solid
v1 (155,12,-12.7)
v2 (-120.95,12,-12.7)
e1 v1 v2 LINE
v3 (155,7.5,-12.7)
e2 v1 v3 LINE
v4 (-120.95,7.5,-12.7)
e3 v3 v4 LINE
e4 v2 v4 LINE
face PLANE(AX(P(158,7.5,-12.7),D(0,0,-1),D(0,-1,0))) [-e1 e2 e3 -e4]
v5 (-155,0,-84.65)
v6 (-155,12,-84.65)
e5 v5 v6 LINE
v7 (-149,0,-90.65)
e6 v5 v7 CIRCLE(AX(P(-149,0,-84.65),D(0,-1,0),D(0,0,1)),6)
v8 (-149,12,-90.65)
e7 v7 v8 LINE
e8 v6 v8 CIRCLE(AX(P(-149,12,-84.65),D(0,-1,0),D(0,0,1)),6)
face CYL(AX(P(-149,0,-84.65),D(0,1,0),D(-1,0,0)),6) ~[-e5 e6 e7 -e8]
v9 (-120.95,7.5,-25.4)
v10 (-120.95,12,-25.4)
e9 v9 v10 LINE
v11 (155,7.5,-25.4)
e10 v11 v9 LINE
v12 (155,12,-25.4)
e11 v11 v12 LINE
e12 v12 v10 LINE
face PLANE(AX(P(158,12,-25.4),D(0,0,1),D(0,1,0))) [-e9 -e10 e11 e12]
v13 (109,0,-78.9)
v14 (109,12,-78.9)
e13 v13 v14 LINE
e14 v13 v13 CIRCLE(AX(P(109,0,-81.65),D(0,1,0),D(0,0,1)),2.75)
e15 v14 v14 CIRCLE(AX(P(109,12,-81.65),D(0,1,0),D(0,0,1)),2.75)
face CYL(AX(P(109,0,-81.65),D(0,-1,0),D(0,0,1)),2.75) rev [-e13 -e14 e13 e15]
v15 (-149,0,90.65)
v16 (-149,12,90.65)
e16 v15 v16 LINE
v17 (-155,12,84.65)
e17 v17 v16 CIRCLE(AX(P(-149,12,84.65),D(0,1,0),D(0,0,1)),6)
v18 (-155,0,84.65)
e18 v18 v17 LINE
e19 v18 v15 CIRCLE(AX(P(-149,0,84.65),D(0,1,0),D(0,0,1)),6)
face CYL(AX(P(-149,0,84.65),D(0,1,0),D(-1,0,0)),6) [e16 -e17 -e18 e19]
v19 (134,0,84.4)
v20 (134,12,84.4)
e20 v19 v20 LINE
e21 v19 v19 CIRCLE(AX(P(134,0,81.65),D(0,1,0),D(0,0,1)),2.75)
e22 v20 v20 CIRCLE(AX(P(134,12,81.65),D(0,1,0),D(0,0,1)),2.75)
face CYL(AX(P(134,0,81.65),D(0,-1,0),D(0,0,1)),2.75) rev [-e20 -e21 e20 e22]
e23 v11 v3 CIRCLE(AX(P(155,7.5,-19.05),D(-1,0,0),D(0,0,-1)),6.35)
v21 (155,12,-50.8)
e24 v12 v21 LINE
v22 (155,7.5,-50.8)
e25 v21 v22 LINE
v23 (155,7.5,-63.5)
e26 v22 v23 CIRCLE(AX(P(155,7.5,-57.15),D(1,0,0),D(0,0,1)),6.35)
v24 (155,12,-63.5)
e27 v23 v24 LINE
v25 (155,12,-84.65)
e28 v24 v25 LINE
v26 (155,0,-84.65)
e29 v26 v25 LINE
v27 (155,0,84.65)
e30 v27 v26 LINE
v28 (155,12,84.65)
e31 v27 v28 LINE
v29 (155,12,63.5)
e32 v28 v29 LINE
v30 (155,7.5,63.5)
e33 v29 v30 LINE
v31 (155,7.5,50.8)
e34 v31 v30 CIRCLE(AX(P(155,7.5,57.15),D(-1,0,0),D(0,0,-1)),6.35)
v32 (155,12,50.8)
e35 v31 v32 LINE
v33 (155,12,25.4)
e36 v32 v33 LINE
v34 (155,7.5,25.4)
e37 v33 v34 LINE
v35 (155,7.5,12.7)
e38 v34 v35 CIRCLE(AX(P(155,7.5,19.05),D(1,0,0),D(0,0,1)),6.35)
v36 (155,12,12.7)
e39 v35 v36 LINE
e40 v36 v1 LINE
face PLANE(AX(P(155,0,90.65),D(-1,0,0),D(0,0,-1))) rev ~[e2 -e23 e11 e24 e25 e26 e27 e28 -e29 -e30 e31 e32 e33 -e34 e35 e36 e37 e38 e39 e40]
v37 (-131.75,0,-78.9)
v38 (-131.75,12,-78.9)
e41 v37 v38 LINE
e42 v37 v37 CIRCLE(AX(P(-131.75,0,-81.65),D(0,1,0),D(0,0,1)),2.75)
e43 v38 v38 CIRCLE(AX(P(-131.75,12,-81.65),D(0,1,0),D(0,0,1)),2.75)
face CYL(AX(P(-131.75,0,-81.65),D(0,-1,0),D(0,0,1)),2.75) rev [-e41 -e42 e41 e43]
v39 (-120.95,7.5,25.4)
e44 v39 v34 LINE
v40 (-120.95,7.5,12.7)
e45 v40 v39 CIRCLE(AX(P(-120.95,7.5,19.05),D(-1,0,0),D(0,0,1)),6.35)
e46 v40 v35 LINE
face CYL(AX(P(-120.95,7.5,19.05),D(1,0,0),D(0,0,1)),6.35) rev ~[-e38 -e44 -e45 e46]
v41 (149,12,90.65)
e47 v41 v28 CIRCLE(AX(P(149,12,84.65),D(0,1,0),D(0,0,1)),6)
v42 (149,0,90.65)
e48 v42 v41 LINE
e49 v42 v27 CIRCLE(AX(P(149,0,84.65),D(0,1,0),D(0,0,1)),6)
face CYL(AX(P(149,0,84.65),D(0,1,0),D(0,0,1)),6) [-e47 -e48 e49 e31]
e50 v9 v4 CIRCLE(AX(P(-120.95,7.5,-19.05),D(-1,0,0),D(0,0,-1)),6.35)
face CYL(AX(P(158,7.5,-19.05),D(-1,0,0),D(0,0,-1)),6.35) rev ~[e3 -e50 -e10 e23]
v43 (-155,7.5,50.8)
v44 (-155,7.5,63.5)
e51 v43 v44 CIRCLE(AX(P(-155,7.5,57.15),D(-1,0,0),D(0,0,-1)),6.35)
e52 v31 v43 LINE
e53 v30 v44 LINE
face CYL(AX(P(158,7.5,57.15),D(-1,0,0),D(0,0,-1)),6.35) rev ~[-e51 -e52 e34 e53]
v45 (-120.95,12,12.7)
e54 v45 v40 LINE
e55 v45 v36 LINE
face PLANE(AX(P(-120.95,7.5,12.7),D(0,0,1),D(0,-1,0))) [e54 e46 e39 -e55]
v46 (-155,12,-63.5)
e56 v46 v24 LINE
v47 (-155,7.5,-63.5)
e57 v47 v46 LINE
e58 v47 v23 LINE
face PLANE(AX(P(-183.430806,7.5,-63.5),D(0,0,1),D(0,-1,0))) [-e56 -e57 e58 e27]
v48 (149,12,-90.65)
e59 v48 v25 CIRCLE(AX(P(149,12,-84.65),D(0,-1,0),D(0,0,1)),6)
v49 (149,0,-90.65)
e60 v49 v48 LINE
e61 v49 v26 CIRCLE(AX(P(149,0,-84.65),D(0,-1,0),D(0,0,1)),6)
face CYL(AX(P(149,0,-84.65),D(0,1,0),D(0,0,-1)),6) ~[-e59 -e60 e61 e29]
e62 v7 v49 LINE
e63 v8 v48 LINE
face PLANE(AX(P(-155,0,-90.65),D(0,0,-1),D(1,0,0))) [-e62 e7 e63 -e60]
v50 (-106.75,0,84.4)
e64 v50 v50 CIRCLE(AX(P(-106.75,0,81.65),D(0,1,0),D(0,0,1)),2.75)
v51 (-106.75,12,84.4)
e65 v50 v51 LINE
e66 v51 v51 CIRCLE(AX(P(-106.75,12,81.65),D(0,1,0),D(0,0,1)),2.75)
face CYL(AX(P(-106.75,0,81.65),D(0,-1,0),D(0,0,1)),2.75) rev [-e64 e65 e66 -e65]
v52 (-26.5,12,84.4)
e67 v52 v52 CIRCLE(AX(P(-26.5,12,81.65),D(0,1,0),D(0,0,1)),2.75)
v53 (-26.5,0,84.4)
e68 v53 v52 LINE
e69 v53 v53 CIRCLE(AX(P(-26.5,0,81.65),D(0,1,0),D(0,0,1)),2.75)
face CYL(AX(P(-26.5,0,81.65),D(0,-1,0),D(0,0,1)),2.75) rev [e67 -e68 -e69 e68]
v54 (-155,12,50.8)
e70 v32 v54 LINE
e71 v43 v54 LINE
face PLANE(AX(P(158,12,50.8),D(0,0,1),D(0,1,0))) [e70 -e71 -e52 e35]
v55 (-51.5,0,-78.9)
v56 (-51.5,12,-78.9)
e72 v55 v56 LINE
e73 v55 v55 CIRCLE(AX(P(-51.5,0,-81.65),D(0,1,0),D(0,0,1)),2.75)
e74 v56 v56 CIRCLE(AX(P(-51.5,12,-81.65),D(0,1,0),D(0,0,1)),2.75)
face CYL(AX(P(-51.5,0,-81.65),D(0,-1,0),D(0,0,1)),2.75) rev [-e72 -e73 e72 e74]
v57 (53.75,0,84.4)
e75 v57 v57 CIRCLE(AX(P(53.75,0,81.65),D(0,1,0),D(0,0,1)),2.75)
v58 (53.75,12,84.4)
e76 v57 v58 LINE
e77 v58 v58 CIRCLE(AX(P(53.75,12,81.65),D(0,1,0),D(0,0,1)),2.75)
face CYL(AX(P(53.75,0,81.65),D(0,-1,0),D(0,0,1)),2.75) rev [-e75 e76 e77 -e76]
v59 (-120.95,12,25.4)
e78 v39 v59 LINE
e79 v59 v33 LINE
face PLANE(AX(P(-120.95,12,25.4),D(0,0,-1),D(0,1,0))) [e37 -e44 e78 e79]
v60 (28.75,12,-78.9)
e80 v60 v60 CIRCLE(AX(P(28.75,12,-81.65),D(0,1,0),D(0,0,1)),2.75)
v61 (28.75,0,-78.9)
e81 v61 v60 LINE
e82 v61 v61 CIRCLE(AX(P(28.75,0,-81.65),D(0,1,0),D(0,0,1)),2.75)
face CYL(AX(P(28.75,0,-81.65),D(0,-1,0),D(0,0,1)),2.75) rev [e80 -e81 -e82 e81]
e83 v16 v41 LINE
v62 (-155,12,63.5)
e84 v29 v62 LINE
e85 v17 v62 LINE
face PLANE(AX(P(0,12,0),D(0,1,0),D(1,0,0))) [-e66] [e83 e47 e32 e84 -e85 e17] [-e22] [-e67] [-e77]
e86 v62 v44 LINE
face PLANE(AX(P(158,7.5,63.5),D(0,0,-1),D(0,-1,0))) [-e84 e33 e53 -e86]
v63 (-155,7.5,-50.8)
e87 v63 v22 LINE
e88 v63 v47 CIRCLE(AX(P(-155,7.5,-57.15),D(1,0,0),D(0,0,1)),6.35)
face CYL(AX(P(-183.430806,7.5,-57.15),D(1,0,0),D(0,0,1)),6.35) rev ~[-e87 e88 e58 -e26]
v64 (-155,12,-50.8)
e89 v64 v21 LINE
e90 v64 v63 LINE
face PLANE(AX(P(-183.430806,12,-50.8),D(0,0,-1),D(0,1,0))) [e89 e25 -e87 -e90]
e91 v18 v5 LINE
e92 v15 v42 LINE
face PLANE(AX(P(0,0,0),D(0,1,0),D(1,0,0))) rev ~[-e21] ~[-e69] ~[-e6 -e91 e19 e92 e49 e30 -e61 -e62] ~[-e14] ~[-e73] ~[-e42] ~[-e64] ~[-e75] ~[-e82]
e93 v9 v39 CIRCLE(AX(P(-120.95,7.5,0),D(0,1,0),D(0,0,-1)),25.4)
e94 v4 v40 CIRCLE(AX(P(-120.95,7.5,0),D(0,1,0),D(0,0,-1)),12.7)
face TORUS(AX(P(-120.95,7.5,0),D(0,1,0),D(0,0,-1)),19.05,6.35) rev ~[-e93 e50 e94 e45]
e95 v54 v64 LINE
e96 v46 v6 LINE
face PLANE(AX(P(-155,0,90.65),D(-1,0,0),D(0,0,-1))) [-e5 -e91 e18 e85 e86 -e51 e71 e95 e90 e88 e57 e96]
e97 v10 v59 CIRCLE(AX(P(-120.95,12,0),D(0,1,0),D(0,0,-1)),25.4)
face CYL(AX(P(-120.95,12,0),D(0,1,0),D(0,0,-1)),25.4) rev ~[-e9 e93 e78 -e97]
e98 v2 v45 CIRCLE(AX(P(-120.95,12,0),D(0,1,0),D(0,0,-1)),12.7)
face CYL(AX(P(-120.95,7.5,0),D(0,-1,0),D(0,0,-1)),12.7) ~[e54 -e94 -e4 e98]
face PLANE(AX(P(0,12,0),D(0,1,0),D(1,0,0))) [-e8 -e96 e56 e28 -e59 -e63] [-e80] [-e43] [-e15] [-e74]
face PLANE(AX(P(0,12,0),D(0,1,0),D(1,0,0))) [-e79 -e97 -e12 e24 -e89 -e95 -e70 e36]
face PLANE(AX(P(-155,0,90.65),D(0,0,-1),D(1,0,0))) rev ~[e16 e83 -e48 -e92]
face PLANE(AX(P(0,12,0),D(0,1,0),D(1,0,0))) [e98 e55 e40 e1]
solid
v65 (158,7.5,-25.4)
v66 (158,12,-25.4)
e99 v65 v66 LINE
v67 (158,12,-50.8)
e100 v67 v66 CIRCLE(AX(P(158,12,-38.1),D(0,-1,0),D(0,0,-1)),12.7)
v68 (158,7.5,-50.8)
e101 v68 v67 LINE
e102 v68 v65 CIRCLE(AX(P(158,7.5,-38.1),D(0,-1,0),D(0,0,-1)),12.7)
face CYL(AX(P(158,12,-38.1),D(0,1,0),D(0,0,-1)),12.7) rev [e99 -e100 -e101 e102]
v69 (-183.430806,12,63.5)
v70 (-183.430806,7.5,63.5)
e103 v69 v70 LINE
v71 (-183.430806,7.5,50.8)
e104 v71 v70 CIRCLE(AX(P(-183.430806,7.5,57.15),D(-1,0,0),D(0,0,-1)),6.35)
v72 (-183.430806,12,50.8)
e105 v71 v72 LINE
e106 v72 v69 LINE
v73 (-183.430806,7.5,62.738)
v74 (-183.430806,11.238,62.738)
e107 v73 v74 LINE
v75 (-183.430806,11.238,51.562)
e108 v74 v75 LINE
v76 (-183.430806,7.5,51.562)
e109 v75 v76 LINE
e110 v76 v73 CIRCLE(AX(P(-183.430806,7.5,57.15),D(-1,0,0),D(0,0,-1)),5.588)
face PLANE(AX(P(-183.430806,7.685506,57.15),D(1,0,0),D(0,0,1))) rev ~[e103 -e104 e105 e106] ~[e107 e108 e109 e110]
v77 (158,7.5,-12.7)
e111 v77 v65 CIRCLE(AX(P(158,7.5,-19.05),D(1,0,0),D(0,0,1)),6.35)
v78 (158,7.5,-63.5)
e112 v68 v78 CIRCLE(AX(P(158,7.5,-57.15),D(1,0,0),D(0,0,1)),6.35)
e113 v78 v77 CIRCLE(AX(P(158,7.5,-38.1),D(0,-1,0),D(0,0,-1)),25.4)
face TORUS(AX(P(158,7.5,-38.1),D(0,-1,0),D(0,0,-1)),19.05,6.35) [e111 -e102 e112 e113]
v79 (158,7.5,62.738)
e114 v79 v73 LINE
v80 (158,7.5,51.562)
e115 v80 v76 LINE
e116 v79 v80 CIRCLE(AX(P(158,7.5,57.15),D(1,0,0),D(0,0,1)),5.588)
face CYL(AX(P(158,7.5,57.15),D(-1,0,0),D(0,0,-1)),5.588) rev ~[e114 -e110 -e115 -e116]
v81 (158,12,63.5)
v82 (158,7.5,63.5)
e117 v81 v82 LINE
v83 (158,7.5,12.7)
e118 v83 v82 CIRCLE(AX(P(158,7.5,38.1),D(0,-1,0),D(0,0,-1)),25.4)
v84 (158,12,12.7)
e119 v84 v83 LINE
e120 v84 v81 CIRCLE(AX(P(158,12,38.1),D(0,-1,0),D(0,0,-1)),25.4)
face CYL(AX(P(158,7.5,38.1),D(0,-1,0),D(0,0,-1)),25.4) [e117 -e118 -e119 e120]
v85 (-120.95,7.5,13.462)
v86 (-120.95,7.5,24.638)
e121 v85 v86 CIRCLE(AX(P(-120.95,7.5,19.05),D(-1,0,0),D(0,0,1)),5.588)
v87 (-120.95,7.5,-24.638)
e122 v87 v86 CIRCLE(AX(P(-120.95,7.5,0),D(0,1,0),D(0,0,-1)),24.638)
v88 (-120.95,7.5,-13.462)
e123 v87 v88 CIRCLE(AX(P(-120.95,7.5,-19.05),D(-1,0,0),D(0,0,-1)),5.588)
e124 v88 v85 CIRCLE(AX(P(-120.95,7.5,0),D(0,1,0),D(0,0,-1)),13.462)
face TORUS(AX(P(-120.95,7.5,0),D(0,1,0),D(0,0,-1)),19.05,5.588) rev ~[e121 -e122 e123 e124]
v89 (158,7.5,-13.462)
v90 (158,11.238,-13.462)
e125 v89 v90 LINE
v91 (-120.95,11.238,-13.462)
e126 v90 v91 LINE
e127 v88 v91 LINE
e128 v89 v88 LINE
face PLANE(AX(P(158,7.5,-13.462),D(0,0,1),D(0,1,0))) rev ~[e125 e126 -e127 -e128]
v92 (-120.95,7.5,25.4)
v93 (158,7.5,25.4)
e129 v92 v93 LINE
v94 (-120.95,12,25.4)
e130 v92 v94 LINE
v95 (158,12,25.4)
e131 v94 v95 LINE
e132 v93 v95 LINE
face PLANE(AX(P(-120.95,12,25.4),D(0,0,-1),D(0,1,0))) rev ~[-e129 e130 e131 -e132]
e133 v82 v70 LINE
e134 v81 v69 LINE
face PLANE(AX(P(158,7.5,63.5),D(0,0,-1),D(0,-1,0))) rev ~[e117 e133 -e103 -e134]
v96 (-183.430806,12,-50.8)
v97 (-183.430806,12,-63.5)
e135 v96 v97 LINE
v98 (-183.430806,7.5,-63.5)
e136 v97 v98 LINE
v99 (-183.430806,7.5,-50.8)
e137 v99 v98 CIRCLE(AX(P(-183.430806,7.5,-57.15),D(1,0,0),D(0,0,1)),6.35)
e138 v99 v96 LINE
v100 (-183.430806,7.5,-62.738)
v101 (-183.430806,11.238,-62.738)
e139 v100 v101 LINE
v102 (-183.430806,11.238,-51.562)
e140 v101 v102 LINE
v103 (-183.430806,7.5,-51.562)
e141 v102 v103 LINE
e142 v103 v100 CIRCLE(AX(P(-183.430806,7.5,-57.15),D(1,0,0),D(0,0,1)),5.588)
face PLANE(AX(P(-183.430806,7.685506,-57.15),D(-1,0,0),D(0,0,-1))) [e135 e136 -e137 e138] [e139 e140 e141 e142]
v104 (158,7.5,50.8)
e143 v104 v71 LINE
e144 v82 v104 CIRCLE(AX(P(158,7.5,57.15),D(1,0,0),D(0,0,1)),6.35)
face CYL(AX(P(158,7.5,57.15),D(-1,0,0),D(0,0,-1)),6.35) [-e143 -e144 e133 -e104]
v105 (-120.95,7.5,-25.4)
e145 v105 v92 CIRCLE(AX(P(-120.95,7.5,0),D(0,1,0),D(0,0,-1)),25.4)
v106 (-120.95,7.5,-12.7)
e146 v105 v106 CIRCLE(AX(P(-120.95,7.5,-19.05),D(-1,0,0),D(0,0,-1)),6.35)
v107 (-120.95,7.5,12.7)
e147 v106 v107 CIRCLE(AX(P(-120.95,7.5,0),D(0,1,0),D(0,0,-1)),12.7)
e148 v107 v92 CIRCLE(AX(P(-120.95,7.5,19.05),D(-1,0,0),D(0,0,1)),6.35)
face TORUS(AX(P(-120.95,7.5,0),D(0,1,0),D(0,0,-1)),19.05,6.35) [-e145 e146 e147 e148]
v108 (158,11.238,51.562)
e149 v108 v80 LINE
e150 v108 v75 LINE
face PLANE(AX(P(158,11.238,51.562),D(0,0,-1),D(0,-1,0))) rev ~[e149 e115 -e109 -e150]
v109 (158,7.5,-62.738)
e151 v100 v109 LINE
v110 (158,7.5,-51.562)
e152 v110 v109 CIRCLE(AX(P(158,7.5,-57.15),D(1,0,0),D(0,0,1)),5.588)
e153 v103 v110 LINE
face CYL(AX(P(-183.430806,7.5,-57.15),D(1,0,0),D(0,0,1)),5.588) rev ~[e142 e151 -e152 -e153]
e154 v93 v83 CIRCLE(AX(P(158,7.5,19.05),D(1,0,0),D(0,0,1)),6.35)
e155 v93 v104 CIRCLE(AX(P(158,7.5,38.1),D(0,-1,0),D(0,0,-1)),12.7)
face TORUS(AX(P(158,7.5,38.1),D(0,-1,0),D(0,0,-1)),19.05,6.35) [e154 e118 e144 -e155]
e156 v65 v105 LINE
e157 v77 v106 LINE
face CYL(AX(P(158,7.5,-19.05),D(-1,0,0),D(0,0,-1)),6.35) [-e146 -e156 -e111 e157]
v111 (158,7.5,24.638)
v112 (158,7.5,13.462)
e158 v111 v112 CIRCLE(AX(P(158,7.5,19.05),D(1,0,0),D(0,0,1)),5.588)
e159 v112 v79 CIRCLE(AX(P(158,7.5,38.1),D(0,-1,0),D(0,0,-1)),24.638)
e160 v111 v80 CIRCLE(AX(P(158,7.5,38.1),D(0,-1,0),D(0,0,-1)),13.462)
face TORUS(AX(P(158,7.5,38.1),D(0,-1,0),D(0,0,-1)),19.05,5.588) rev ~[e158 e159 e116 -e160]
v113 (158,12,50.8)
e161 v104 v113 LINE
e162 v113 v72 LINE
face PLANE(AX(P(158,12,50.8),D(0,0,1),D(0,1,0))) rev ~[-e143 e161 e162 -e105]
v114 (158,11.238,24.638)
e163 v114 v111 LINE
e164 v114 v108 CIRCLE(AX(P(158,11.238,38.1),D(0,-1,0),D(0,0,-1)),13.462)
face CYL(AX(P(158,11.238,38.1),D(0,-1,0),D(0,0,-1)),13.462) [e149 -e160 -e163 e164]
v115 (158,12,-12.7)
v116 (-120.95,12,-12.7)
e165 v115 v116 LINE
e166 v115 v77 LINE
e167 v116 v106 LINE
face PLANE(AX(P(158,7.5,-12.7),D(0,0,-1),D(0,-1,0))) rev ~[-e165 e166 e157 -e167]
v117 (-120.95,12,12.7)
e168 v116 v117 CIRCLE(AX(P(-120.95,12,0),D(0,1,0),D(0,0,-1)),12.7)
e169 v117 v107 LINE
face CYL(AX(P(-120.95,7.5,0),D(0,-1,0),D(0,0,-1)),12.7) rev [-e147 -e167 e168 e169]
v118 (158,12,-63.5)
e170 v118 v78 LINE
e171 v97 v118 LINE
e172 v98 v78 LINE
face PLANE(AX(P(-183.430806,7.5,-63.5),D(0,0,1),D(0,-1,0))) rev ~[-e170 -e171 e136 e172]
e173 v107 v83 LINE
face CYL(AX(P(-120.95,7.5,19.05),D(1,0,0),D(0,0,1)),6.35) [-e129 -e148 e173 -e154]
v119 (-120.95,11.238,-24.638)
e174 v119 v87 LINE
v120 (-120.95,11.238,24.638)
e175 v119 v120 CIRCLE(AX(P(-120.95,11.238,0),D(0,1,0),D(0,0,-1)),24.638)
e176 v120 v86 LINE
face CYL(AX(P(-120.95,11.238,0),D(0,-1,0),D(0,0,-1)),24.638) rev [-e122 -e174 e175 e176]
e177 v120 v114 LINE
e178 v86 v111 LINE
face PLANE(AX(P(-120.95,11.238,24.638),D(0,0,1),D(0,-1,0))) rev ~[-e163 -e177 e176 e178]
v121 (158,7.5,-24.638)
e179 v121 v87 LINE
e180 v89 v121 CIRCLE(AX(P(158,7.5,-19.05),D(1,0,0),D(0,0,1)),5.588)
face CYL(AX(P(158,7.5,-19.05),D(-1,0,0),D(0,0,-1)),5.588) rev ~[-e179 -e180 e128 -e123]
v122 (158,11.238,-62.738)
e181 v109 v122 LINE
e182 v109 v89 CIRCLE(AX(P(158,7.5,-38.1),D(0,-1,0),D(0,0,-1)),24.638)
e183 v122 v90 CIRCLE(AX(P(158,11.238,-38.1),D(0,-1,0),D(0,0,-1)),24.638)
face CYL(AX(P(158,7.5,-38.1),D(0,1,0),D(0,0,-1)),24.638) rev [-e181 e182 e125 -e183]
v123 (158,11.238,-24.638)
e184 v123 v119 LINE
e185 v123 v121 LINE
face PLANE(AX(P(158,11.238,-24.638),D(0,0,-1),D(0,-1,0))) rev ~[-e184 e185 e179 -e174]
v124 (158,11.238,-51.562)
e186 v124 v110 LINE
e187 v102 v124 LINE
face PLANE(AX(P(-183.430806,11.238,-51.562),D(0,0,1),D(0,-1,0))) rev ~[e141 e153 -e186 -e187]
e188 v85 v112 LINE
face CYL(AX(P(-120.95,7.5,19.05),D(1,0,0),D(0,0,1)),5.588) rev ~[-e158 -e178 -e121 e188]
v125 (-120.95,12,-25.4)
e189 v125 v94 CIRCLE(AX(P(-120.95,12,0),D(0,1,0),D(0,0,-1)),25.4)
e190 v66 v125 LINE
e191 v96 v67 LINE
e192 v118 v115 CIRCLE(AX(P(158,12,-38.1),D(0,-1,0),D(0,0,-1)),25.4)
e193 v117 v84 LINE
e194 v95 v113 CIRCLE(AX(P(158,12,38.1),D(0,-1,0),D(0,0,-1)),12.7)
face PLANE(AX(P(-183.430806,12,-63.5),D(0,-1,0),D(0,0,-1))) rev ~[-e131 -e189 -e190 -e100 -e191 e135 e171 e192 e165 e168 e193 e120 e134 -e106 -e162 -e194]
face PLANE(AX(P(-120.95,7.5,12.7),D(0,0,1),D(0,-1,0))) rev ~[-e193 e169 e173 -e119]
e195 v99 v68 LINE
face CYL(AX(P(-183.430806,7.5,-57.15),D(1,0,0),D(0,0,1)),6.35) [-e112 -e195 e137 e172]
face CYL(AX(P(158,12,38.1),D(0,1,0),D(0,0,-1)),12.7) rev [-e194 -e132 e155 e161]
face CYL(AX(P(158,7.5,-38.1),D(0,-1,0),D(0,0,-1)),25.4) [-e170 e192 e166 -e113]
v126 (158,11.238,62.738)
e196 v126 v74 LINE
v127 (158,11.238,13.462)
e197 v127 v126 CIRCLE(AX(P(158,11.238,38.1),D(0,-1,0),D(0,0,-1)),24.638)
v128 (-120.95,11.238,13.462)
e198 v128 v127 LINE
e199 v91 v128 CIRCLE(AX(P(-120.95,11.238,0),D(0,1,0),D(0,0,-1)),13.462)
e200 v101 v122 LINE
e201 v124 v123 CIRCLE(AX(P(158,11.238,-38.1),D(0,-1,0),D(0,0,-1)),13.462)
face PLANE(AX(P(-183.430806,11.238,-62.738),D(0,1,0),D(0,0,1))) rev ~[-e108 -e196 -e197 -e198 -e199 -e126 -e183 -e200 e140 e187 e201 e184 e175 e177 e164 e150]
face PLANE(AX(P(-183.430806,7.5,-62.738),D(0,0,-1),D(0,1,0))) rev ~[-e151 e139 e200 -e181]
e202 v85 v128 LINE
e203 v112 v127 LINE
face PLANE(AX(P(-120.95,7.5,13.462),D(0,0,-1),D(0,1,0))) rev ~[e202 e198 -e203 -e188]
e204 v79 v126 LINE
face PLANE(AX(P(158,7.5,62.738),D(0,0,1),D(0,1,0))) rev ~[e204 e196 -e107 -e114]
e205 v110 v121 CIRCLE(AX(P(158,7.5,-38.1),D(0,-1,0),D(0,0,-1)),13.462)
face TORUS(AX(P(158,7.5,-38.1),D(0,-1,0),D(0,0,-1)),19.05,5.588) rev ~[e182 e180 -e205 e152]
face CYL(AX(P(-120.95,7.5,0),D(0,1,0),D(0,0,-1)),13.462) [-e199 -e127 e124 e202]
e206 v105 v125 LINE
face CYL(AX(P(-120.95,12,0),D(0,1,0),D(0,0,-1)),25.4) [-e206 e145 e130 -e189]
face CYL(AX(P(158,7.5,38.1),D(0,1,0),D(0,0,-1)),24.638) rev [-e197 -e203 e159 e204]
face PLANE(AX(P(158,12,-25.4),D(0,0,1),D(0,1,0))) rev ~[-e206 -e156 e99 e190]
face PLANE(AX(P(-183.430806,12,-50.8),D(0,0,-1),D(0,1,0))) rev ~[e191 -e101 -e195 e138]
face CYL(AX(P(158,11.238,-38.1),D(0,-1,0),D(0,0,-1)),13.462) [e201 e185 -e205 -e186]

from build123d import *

# Parameters (mm, degrees)
SKETCH1_W           = 310
SKETCH1_H           = 181.3
SKETCH1_R           = 2.75
BOSS_EXTRUDE1_DEPTH = 12
FILLET1_R           = 6


with BuildPart() as part:
    # Sketch1 → Boss-Extrude1 (new body)
    with BuildSketch(Plane(origin=(0, 0, 0), x_dir=(1, 0, 0), z_dir=(0, 1, 0))):
        Rectangle(SKETCH1_W, SKETCH1_H)
        with Locations((-131.75, 81.65)):
            Circle(SKETCH1_R, mode=Mode.SUBTRACT)
        with Locations((-51.5, 81.65)):
            Circle(SKETCH1_R, mode=Mode.SUBTRACT)
        with Locations((28.75, 81.65)):
            Circle(SKETCH1_R, mode=Mode.SUBTRACT)
        with Locations((109, 81.65)):
            Circle(SKETCH1_R, mode=Mode.SUBTRACT)
        with Locations((-106.75, -81.65)):
            Circle(SKETCH1_R, mode=Mode.SUBTRACT)
        with Locations((-26.5, -81.65)):
            Circle(SKETCH1_R, mode=Mode.SUBTRACT)
        with Locations((53.75, -81.65)):
            Circle(SKETCH1_R, mode=Mode.SUBTRACT)
        with Locations((134, -81.65)):
            Circle(SKETCH1_R, mode=Mode.SUBTRACT)
    extrude(amount=BOSS_EXTRUDE1_DEPTH)

    # Fillet1
    fillet1_edges = [part.edges().sort_by_distance(p)[0] for p in [
        (155, 6, 90.65),
        (155, 6, -90.65),
        (-155, 6, -90.65),
        (-155, 6, 90.65),
    ]]
    fillet(fillet1_edges, radius=FILLET1_R)

    # Cut-Sweep1: sweep along a path in Sketch2
    with BuildLine(Plane(origin=(0, 12, 0), x_dir=(1, 0, 0), z_dir=(0, 1, 0))) as cut_sweep1_path:
        Line((-183.430806184, 57.15), (-155, 57.15))
        Line((-155, 57.15), (158, 57.15))
        ThreePointArc((158, 57.15), (177.05, 38.1), (158, 19.05))
        Line((158, 19.05), (-120.95, 19.05))
        ThreePointArc((-120.95, 19.05), (-140, 0), (-120.95, -19.05))
        Line((-120.95, -19.05), (158, -19.05))
        ThreePointArc((158, -19.05), (177.05, -38.1), (158, -57.15))
        Line((158, -57.15), (-155, -57.15))
        Line((-155, -57.15), (-183.430806184, -57.15))
    # Sketch3 → Cut-Sweep1 (sweep, cut)
    with BuildSketch(Plane.ZY.offset(155)):
        with BuildLine():
            Line((-63.5, 7.5), (-63.5, 12))
            Line((-63.5, 12), (-50.8, 12))
            Line((-50.8, 12), (-50.8, 7.5))
            ThreePointArc((-50.8, 7.5), (-57.15, 1.15), (-63.5, 7.5))
        make_face()
    sweep(path=cut_sweep1_path.line, mode=Mode.SUBTRACT)


with BuildPart() as body_2:
    # Sweep1: sweep along a path in Sketch2<2>
    with BuildLine(Plane(origin=(0, 12, 0), x_dir=(1, 0, 0), z_dir=(0, 1, 0))) as sweep1_path:
        Line((-183.430806184, 57.15), (-155, 57.15))
        Line((-155, 57.15), (158, 57.15))
        ThreePointArc((158, 57.15), (177.05, 38.1), (158, 19.05))
        Line((158, 19.05), (-120.95, 19.05))
        ThreePointArc((-120.95, 19.05), (-140, 0), (-120.95, -19.05))
        Line((-120.95, -19.05), (158, -19.05))
        ThreePointArc((158, -19.05), (177.05, -38.1), (158, -57.15))
        Line((158, -57.15), (-155, -57.15))
        Line((-155, -57.15), (-183.430806184, -57.15))
    # Sketch4 → Sweep1 (sweep)
    with BuildSketch(Plane.ZY.offset(155)):
        with BuildLine():
            Line((-63.5, 7.5), (-63.5, 12))
            Line((-63.5, 12), (-50.8, 12))
            Line((-50.8, 12), (-50.8, 7.5))
            ThreePointArc((-50.8, 7.5), (-57.15, 1.15), (-63.5, 7.5))
        make_face()
        with BuildLine():
            Line((-62.738, 7.5), (-62.738, 11.238))
            Line((-62.738, 11.238), (-51.562, 11.238))
            Line((-51.562, 11.238), (-51.562, 7.5))
            ThreePointArc((-51.562, 7.5), (-57.15, 1.912), (-62.738, 7.5))
        make_face(mode=Mode.SUBTRACT)
    sweep(path=sweep1_path.line)


solid = Compound([part.part, body_2.part])
